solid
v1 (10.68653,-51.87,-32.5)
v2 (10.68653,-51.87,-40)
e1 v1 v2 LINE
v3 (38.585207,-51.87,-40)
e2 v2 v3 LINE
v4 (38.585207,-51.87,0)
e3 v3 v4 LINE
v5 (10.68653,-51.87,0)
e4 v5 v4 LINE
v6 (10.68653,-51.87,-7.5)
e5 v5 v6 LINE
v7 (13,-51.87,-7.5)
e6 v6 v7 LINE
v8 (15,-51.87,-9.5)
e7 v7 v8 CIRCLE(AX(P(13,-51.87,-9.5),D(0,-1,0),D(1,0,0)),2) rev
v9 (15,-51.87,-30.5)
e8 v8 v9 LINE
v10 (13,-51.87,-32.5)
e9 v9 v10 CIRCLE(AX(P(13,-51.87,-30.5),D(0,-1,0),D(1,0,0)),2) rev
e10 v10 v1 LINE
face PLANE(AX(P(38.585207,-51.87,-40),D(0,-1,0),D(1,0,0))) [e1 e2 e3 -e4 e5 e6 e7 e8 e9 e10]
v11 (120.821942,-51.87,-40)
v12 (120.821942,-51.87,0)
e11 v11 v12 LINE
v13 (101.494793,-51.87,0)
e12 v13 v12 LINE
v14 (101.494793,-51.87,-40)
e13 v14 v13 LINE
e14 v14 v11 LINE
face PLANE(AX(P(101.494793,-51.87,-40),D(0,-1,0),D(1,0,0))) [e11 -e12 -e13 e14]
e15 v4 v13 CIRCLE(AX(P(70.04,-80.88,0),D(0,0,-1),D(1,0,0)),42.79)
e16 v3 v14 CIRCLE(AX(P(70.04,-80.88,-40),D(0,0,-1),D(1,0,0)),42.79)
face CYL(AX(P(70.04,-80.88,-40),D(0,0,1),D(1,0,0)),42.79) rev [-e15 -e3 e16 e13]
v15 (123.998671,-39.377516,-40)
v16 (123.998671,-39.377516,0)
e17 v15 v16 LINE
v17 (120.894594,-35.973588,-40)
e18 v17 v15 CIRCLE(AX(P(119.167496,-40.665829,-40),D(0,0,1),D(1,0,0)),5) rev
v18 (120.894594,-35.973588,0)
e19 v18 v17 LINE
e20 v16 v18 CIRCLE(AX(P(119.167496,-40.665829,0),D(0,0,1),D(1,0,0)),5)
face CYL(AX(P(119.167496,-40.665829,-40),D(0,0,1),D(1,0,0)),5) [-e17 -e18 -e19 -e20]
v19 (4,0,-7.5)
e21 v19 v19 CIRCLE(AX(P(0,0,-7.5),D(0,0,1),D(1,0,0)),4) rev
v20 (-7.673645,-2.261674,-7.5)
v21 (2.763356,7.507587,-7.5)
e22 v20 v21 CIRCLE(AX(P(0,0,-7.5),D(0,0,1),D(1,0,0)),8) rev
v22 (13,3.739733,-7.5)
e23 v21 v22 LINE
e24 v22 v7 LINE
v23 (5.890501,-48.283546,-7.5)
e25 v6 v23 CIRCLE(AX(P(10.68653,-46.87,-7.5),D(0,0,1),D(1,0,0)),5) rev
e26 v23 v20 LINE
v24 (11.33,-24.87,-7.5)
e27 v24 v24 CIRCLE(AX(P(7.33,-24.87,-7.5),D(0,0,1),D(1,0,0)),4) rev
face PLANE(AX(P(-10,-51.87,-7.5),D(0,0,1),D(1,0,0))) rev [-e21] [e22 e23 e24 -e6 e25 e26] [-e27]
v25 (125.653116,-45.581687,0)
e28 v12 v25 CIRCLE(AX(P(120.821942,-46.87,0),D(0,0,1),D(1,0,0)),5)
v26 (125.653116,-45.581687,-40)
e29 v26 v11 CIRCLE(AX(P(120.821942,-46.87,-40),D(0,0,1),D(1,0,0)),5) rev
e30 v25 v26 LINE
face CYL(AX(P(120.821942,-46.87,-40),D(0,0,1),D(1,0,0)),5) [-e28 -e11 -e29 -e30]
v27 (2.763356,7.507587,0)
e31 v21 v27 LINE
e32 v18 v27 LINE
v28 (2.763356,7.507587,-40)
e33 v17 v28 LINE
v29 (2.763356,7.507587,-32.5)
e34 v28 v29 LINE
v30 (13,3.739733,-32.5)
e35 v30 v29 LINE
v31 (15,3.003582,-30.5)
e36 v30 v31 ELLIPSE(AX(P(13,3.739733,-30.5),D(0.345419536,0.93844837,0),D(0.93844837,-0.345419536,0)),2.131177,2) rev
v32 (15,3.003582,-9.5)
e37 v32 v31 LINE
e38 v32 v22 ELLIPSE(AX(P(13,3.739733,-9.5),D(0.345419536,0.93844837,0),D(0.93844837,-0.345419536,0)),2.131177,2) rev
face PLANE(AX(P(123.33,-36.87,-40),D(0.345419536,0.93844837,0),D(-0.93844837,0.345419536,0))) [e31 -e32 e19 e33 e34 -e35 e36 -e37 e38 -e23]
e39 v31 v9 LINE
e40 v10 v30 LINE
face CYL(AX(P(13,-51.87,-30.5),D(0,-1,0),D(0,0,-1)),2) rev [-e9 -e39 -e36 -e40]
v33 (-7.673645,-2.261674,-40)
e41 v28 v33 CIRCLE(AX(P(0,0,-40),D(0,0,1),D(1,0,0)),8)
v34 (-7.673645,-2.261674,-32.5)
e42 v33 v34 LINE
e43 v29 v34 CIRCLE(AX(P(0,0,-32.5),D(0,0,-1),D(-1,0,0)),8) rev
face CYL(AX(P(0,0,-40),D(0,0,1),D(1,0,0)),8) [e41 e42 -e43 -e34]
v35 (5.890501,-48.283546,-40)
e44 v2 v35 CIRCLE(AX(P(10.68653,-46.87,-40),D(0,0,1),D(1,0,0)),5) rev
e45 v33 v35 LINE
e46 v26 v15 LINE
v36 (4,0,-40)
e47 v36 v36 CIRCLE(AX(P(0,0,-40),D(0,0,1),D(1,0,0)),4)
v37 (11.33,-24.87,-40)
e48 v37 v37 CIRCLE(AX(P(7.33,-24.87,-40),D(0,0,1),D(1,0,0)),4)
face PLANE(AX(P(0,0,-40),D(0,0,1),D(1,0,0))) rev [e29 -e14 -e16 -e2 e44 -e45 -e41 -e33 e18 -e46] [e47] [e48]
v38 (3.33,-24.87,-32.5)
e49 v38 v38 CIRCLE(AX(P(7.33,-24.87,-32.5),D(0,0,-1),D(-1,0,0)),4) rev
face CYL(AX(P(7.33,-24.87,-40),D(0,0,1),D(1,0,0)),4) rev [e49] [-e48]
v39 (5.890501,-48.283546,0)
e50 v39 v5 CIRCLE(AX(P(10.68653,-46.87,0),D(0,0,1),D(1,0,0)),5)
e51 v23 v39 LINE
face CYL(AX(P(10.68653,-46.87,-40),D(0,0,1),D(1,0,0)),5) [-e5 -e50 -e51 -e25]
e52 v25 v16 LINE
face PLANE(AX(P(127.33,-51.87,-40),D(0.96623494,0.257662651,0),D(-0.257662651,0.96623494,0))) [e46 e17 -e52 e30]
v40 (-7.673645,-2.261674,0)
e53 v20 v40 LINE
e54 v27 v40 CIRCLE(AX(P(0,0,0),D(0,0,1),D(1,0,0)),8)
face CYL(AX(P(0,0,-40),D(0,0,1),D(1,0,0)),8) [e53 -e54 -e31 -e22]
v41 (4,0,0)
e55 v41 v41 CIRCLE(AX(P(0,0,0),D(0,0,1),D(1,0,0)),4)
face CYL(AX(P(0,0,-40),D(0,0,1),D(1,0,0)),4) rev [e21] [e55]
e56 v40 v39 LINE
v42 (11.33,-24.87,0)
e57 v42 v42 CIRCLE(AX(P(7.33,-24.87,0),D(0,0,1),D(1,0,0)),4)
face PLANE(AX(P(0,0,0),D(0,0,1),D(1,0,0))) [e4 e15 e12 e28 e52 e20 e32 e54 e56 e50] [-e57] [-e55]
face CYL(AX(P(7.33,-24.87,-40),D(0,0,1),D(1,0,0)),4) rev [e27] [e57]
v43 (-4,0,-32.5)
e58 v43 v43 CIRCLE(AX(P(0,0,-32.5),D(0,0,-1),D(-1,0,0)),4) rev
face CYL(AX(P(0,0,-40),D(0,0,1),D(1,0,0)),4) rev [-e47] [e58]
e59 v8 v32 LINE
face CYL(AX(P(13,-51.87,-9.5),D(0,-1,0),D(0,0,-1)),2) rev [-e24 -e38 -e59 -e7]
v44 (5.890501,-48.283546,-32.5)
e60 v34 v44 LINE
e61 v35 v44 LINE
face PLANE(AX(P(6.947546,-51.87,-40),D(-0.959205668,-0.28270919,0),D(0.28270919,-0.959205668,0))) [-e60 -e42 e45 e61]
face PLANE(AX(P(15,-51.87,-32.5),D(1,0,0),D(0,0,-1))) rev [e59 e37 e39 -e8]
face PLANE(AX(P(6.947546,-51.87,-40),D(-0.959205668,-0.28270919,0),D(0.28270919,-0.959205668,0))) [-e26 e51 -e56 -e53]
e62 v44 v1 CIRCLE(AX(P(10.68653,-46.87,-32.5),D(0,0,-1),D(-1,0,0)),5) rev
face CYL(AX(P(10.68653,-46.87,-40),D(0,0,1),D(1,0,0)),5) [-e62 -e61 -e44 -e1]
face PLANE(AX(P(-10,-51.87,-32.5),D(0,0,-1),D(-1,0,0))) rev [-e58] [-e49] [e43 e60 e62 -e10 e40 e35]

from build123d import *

# Parameters (mm, degrees)
SKETCH1_R               = 4
BOSS_EXTRUDE1_DEPTH     = 40
FILLET1_R               = 5
SKETCH2_W               = 25
SKETCH2_H               = 25
CUT_EXTRUDE1_DEPTH      = 9
CUT_EXTRUDE1_DEPTH_BACK = 52.87
FILLET2_R               = 2


with BuildPart() as part:
    # Sketch1 → Boss-Extrude1 (new body)
    with BuildSketch(Plane.XY):
        with BuildLine():
            Line((6.947546174, -51.87), (-7.673645346, -2.261673518))
            ThreePointArc((-7.673645346, -2.261673518), (-5.46693216, 5.840603801), (2.763356291, 7.507586963))
            Line((2.763356291, 7.507586963), (123.33, -36.87))
            Line((123.33, -36.87), (127.33, -51.87))
            Line((127.33, -51.87), (101.494792958, -51.87))
            ThreePointArc((101.494792958, -51.87), (70.04, -38.09), (38.585207042, -51.87))
            Line((38.585207042, -51.87), (6.947546174, -51.87))
        make_face()
        Circle(SKETCH1_R, mode=Mode.SUBTRACT)
        with Locations((7.33, -24.87)):
            Circle(SKETCH1_R, mode=Mode.SUBTRACT)
    extrude(amount=-BOSS_EXTRUDE1_DEPTH)

    # Fillet1
    fillet1_edges = [part.edges().sort_by_distance(p)[0] for p in [
        (6.947546174, -51.87, -20),
        (123.33, -36.87, -20),
        (127.33, -51.87, -20),
    ]]
    fillet(fillet1_edges, radius=FILLET1_R)

    # Sketch2 → Cut-Extrude1 (cut, two sides)
    with BuildSketch(Plane(origin=(0, 0, 0), x_dir=(1, 0, 0), z_dir=(0, 1, 0))) as cut_extrude1_sk:
        with Locations((2.5, 20)):
            Rectangle(SKETCH2_W, SKETCH2_H)
    extrude(amount=CUT_EXTRUDE1_DEPTH, mode=Mode.SUBTRACT)
    extrude(cut_extrude1_sk.sketch, amount=-CUT_EXTRUDE1_DEPTH_BACK, mode=Mode.SUBTRACT)

    # Fillet2
    fillet2_edges = [part.edges().sort_by_distance(p)[0] for p in [
        (15, -24.433208829, -7.5),
        (15, -24.433208829, -32.5),
    ]]
    fillet(fillet2_edges, radius=FILLET2_R)


solid = part.part
